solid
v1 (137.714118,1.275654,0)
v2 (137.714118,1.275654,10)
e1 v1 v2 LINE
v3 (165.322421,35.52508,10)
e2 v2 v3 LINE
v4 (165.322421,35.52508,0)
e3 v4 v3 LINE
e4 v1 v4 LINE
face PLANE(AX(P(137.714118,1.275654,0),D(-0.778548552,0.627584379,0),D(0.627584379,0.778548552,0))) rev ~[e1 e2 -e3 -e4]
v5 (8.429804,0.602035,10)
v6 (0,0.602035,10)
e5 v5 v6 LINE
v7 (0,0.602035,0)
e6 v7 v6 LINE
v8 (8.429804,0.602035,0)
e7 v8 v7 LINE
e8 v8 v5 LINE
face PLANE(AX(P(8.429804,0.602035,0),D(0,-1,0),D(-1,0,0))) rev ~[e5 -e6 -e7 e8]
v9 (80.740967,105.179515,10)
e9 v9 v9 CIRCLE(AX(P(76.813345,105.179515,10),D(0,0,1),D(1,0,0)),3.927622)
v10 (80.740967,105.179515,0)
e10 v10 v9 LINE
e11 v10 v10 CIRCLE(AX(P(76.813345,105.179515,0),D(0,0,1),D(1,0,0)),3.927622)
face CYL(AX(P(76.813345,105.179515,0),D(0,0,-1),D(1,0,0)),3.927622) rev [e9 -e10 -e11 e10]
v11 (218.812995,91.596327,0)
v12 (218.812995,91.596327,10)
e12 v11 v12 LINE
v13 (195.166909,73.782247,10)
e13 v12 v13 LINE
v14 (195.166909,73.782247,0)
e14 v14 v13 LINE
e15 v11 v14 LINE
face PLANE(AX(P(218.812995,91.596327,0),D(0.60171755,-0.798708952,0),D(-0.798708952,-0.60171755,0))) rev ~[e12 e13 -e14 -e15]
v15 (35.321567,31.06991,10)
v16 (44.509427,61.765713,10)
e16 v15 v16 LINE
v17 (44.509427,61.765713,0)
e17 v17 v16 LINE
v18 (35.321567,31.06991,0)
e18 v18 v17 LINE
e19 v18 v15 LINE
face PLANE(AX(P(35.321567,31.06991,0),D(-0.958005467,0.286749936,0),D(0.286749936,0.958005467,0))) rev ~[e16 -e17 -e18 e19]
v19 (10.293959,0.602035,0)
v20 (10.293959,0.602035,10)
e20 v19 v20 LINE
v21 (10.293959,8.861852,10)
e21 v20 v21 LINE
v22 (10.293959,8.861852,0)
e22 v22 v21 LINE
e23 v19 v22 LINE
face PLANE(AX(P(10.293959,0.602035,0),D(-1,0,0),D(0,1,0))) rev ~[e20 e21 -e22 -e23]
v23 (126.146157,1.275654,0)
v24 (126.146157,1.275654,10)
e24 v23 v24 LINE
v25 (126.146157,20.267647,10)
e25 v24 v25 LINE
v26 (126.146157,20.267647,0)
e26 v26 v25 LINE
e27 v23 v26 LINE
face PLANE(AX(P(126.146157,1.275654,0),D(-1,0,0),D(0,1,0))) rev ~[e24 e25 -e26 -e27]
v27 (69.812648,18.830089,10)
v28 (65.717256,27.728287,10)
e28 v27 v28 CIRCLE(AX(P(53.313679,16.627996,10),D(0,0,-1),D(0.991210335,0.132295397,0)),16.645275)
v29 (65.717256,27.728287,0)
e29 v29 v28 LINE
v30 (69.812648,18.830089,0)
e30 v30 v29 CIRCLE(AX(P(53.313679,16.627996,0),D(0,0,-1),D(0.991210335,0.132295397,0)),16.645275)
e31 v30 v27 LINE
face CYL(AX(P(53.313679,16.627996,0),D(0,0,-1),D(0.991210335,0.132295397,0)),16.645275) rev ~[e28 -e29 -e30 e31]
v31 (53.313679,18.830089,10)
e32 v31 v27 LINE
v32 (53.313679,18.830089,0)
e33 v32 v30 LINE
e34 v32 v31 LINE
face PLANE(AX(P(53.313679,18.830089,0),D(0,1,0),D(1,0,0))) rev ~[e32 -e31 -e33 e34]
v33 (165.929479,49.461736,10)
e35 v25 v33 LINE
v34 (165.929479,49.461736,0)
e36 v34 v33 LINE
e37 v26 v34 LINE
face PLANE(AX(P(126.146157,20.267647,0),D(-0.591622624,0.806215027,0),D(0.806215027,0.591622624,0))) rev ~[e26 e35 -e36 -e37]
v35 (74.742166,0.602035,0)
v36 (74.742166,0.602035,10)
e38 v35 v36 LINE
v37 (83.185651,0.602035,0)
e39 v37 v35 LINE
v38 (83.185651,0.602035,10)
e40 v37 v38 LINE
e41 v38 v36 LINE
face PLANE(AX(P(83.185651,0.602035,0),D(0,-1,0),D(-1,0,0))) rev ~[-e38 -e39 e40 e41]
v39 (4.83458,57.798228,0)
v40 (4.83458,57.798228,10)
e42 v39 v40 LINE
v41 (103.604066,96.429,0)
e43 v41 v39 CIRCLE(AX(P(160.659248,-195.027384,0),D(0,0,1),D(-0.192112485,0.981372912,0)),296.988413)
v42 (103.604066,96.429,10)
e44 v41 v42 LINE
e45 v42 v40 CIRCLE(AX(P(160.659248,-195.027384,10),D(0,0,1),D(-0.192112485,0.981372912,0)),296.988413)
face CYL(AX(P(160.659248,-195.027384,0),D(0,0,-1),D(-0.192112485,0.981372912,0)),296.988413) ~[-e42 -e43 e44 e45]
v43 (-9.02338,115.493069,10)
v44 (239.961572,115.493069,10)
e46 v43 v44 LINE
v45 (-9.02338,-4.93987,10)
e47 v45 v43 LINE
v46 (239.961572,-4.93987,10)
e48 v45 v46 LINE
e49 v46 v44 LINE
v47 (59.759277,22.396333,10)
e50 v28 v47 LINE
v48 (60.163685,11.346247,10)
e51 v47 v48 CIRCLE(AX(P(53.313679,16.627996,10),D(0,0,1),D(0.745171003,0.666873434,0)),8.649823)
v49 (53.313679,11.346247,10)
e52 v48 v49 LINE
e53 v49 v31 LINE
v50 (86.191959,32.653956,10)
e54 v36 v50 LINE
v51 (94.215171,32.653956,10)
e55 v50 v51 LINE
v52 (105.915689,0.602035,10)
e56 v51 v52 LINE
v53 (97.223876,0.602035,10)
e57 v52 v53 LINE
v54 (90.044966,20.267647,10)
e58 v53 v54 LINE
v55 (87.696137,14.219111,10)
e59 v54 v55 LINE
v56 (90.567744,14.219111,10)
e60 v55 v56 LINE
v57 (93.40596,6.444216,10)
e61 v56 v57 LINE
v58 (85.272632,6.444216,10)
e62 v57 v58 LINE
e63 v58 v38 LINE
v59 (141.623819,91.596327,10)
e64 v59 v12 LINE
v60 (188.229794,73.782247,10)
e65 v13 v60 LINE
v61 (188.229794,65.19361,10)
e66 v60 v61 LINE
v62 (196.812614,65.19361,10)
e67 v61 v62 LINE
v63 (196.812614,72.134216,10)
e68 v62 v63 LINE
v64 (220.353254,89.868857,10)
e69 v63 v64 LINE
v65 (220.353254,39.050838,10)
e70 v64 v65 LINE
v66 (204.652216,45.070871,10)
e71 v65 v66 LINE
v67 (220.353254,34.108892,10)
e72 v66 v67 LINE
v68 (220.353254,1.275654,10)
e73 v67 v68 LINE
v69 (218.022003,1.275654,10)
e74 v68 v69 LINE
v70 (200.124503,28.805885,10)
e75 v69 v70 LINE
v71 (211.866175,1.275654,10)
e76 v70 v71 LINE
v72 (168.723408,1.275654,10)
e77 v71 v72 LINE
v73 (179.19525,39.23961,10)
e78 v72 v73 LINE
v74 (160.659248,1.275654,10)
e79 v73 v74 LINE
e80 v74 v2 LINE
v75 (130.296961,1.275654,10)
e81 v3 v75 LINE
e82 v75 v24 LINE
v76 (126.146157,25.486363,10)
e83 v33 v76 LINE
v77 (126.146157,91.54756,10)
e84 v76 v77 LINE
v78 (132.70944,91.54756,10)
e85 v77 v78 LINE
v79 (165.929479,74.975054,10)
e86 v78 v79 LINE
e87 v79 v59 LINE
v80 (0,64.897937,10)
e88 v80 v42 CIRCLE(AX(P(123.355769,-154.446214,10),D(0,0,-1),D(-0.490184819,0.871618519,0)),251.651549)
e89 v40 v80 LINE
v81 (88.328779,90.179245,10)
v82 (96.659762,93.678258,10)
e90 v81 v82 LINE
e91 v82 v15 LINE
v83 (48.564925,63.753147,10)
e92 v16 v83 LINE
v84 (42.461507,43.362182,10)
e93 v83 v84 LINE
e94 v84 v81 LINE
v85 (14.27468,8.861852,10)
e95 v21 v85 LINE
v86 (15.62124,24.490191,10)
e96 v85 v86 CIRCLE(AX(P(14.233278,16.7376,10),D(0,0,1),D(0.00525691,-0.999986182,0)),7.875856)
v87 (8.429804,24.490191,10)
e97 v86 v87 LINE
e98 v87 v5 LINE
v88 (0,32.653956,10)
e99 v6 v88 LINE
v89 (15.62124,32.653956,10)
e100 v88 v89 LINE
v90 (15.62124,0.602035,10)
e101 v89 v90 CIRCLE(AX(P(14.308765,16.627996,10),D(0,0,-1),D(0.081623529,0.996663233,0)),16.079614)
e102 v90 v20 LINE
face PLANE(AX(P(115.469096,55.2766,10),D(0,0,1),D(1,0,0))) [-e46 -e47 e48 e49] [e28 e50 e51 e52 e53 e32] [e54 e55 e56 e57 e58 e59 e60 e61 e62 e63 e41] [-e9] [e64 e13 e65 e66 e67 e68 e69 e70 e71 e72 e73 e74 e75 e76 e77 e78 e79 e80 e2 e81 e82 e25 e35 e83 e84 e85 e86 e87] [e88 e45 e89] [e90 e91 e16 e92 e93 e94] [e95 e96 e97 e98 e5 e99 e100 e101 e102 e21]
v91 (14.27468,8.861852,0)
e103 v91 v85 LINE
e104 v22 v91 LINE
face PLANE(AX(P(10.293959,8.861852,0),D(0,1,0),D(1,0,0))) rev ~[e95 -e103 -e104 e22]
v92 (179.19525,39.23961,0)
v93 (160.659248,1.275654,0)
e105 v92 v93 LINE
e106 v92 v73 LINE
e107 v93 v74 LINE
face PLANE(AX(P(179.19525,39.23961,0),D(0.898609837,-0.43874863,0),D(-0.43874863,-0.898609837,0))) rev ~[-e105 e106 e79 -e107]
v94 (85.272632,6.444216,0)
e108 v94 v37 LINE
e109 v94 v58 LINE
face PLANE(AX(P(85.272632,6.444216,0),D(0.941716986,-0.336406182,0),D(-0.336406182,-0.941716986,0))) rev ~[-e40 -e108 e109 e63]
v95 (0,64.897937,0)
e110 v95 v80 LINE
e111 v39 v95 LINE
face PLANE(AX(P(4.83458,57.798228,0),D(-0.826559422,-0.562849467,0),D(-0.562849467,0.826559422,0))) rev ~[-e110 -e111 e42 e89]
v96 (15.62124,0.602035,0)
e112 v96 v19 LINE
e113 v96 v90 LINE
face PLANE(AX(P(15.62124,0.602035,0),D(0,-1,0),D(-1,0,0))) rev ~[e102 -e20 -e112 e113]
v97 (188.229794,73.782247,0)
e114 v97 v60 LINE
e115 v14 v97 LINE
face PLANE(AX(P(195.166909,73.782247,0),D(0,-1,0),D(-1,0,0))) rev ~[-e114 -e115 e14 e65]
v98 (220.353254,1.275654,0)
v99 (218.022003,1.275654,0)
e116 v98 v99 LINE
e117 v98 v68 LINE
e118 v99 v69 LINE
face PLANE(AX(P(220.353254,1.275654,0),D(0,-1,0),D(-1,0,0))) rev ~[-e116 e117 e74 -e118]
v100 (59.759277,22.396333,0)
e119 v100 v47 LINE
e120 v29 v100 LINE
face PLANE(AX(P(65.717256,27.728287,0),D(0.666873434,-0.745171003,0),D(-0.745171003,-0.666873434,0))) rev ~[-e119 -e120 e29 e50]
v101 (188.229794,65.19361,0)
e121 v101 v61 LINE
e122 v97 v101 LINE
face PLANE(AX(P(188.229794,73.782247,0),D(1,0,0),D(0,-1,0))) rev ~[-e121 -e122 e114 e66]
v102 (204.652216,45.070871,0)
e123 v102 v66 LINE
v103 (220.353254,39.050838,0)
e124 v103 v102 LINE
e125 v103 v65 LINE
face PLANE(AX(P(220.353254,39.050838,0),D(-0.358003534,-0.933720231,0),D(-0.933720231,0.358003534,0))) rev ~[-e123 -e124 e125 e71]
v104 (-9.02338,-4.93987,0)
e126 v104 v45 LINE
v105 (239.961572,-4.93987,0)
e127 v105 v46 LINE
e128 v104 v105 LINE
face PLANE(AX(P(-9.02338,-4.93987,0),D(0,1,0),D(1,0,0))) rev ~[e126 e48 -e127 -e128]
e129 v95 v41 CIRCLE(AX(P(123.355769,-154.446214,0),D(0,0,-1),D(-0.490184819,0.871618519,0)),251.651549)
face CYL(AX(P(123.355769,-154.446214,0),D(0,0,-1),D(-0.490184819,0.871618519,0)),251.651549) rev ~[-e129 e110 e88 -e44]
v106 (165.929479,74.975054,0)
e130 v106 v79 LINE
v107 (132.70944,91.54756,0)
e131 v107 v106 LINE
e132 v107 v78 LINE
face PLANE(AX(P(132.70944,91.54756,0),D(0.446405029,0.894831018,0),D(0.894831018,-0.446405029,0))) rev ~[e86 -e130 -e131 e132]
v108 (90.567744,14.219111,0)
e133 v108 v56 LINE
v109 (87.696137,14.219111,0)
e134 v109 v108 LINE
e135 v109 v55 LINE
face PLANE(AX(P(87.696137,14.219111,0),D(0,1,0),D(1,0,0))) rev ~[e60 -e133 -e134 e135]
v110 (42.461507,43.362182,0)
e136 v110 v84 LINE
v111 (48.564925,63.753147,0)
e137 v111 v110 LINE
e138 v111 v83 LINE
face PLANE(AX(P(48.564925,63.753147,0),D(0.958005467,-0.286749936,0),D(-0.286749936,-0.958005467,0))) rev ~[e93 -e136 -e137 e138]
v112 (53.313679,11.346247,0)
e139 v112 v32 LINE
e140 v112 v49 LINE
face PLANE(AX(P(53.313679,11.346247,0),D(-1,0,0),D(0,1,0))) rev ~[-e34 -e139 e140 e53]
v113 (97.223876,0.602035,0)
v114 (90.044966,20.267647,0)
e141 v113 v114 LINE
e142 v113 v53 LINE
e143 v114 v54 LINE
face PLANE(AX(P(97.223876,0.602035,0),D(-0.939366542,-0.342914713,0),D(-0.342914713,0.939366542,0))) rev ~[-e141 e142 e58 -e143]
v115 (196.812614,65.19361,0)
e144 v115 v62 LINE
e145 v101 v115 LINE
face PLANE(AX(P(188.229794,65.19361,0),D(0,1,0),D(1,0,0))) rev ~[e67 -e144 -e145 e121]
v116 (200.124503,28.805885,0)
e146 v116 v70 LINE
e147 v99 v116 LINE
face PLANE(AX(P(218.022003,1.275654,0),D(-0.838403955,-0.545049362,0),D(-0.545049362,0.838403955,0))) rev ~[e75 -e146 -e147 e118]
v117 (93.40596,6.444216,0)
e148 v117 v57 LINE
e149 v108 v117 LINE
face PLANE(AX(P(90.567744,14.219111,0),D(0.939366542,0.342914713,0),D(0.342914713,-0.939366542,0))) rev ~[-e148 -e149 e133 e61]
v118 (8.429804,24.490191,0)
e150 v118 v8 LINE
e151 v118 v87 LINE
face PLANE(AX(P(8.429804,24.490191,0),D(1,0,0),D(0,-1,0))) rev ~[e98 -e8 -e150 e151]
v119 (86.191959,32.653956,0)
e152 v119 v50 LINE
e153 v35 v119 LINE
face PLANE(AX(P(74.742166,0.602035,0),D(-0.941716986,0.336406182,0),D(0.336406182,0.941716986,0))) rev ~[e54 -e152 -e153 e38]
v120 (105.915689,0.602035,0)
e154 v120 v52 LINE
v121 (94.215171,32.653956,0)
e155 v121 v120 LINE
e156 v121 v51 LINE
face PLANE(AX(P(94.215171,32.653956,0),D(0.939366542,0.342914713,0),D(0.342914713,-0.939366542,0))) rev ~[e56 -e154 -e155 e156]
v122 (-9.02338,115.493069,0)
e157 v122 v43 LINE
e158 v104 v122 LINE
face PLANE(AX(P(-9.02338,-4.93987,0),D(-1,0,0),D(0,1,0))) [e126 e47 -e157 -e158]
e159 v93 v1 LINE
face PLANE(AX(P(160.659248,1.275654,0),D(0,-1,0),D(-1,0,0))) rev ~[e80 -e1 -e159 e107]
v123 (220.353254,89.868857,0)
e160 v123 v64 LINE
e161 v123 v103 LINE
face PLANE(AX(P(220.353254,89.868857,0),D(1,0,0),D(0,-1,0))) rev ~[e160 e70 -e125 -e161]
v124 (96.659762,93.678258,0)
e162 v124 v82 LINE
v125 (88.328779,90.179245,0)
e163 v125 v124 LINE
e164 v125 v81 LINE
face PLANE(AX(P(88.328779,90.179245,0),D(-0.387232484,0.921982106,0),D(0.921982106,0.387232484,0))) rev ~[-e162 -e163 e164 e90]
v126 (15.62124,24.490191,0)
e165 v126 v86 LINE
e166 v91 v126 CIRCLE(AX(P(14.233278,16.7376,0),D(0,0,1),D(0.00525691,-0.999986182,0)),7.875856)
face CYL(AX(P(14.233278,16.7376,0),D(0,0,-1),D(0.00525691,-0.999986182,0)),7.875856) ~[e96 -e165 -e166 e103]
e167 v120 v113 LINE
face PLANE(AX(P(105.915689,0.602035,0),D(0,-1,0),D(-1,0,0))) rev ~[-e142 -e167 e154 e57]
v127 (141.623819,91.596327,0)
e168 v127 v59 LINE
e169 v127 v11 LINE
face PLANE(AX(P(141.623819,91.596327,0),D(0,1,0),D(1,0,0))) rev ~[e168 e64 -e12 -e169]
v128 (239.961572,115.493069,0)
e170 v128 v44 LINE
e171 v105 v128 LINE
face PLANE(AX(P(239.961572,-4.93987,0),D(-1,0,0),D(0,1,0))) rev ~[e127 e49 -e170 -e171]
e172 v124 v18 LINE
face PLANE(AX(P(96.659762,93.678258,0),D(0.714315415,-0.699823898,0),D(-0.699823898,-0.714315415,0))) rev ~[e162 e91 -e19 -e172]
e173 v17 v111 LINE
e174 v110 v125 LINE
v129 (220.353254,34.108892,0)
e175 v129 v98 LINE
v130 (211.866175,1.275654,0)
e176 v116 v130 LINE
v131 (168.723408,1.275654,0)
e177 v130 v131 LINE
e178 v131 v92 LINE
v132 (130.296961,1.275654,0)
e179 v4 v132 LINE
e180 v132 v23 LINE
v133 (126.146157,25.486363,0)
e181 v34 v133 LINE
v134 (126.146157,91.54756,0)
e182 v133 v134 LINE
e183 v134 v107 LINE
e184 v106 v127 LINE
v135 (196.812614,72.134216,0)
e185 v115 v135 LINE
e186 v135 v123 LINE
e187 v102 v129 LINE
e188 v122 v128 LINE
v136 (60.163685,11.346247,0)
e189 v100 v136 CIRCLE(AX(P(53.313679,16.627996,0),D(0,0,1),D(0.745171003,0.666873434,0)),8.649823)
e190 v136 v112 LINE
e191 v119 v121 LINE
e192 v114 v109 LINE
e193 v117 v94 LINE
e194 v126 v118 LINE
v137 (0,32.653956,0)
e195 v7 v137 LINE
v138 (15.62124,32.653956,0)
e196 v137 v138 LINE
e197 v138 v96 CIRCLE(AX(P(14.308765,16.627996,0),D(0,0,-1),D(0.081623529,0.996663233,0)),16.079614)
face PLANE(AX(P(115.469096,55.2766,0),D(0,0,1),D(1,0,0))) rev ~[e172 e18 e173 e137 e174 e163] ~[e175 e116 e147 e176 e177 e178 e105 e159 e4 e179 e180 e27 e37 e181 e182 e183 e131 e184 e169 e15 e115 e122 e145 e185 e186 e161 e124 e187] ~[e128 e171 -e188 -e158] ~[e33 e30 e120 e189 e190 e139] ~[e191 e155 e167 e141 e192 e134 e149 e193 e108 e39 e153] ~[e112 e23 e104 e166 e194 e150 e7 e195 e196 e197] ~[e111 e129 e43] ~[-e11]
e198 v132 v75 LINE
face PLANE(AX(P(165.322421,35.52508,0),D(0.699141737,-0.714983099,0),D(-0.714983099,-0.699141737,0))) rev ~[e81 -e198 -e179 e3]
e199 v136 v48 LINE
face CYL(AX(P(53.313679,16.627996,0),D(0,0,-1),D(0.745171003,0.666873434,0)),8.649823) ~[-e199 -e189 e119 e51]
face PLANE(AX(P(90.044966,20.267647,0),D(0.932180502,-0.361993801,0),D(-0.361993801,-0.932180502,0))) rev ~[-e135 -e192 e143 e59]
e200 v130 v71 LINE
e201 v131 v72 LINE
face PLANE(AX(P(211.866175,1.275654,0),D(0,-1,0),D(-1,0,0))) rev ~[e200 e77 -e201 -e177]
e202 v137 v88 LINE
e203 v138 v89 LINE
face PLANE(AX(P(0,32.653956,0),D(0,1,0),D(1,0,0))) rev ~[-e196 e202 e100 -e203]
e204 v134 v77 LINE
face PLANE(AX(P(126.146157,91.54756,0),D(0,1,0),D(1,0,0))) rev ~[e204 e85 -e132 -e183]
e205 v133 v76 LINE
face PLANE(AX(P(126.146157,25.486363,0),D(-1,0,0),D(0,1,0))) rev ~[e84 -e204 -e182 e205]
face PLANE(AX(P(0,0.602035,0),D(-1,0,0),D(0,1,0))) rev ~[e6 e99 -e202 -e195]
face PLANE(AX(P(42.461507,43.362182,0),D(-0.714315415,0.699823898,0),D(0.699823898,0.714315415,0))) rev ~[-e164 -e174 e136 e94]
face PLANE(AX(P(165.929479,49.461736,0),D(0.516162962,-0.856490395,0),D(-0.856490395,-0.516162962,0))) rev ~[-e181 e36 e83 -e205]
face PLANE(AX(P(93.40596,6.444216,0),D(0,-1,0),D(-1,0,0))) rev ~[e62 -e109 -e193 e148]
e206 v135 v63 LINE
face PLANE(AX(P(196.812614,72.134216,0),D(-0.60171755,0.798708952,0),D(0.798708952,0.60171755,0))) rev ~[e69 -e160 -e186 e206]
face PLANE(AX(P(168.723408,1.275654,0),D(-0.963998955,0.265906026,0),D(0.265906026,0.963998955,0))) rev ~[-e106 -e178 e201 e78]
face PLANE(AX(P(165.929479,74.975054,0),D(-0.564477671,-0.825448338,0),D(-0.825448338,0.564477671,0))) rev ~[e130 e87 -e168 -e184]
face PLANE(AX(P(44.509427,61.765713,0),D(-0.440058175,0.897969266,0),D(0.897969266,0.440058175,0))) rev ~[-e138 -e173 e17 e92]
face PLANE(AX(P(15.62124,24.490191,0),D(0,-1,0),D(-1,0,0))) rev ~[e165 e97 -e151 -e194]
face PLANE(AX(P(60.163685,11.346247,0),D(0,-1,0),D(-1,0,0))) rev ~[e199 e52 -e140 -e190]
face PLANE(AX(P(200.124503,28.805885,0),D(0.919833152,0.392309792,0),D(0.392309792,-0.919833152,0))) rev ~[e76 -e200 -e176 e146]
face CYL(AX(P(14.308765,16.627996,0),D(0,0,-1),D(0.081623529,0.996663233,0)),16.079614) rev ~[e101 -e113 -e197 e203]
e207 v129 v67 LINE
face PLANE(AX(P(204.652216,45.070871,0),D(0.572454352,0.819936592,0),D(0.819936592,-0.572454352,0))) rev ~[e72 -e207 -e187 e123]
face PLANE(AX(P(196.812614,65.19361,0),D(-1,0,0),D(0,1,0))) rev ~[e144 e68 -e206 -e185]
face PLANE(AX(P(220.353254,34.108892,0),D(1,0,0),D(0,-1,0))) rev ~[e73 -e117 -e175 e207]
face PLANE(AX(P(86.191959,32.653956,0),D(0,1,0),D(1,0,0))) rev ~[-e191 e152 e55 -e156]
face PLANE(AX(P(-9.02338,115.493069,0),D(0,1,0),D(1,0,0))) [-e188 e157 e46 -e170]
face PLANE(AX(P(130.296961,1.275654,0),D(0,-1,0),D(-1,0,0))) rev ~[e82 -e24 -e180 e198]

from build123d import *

# Parameters (mm, degrees)
SKETCH1_W           = 248.984951577
SKETCH1_H           = 120.432938534
SKETCH1_R           = 3.927622284
BOSS_EXTRUDE1_DEPTH = 10


with BuildPart() as part:
    # Sketch1 → Boss-Extrude1 (new body)
    with BuildSketch(Plane.XY):
        with Locations((115.469095844, 55.276599595)):
            Rectangle(SKETCH1_W, SKETCH1_H)
        with BuildLine():
            Line((0, 32.653955718), (15.621240173, 32.653955718))
            ThreePointArc((15.621240173, 32.653955718), (30.388379433, 16.62799554), (15.621240173, 0.602035363))
            Line((15.621240173, 0.602035363), (10.293959075, 0.602035363))
            Line((10.293959075, 0.602035363), (10.293959075, 8.861852454))
            Line((10.293959075, 8.861852454), (14.274680474, 8.861852454))
            ThreePointArc((14.274680474, 8.861852454), (22.080061465, 16.061509913), (15.621240173, 24.490191155))
            Line((15.621240173, 24.490191155), (8.429804398, 24.490191155))
            Line((8.429804398, 24.490191155), (8.429804398, 0.602035363))
            Line((8.429804398, 0.602035363), (0, 0.602035363))
            Line((0, 0.602035363), (0, 32.653955718))
        make_face(mode=Mode.SUBTRACT)
        with BuildLine():
            Line((53.313679211, 11.346247394), (53.313679211, 18.830088837))
            Line((53.313679211, 18.830088837), (69.812648012, 18.830088837))
            ThreePointArc((69.812648012, 18.830088837), (38.193038875, 9.668726743), (65.717255622, 27.728287366))
            Line((65.717255622, 27.728287366), (59.75927661, 22.396332813))
            ThreePointArc((59.75927661, 22.396332813), (44.669643003, 16.311643284), (60.163684849, 11.346247394))
            Line((60.163684849, 11.346247394), (53.313679211, 11.346247394))
        make_face(mode=Mode.SUBTRACT)
        Polygon((83.185651108, 0.602035363), (74.742166319, 0.602035363), (86.191958884, 32.653955718), (94.215171192, 32.653955718), (105.915689142, 0.602035363), (97.223875808, 0.602035363), (90.044966021, 20.267647237), (87.696137012, 14.219111042), (90.567743799, 14.219111042), (93.405960474, 6.444216356), (85.272632474, 6.444216356), align=None, mode=Mode.SUBTRACT)
        Polygon((165.929478775, 74.975053885), (141.623819181, 91.5963268), (218.812994732, 91.5963268), (195.166908856, 73.782247188), (188.229793622, 73.782247188), (188.229793622, 65.193610278), (196.812613934, 65.193610278), (196.812613934, 72.134215516), (220.35325448, 89.868856548), (220.35325448, 39.050837541), (204.652216255, 45.070871149), (220.35325448, 34.108892188), (220.35325448, 1.27565402), (218.022003488, 1.27565402), (200.124503338, 28.805885142), (211.866175411, 1.27565402), (168.723408334, 1.27565402), (179.195250301, 39.239610221), (160.65924824, 1.27565402), (137.714117569, 1.27565402), (165.322421142, 35.525080037), (130.296961385, 1.27565402), (126.146157188, 1.27565402), (126.146157188, 20.267647237), (165.929478775, 49.461736063), (126.146157188, 25.486362594), (126.146157188, 91.54755974), (132.709440168, 91.54755974), align=None, mode=Mode.SUBTRACT)
        with BuildLine():
            Line((4.834579987, 57.798227986), (0, 64.897937367))
            ThreePointArc((0, 64.897937367), (50.085795072, 86.302645706), (103.604066377, 96.428999618))
            ThreePointArc((103.604066377, 96.428999618), (52.480961252, 81.558182411), (4.834579987, 57.798227986))
        make_face(mode=Mode.SUBTRACT)
        Polygon((35.321567329, 31.069910316), (44.509426528, 61.76571264), (48.564924823, 63.753147229), (42.461506674, 43.362182051), (88.328778824, 90.179245039), (96.659761905, 93.678257933), align=None, mode=Mode.SUBTRACT)
        with Locations((76.813345198, 105.179515455)):
            Circle(SKETCH1_R, mode=Mode.SUBTRACT)
    extrude(amount=BOSS_EXTRUDE1_DEPTH)


solid = part.part
